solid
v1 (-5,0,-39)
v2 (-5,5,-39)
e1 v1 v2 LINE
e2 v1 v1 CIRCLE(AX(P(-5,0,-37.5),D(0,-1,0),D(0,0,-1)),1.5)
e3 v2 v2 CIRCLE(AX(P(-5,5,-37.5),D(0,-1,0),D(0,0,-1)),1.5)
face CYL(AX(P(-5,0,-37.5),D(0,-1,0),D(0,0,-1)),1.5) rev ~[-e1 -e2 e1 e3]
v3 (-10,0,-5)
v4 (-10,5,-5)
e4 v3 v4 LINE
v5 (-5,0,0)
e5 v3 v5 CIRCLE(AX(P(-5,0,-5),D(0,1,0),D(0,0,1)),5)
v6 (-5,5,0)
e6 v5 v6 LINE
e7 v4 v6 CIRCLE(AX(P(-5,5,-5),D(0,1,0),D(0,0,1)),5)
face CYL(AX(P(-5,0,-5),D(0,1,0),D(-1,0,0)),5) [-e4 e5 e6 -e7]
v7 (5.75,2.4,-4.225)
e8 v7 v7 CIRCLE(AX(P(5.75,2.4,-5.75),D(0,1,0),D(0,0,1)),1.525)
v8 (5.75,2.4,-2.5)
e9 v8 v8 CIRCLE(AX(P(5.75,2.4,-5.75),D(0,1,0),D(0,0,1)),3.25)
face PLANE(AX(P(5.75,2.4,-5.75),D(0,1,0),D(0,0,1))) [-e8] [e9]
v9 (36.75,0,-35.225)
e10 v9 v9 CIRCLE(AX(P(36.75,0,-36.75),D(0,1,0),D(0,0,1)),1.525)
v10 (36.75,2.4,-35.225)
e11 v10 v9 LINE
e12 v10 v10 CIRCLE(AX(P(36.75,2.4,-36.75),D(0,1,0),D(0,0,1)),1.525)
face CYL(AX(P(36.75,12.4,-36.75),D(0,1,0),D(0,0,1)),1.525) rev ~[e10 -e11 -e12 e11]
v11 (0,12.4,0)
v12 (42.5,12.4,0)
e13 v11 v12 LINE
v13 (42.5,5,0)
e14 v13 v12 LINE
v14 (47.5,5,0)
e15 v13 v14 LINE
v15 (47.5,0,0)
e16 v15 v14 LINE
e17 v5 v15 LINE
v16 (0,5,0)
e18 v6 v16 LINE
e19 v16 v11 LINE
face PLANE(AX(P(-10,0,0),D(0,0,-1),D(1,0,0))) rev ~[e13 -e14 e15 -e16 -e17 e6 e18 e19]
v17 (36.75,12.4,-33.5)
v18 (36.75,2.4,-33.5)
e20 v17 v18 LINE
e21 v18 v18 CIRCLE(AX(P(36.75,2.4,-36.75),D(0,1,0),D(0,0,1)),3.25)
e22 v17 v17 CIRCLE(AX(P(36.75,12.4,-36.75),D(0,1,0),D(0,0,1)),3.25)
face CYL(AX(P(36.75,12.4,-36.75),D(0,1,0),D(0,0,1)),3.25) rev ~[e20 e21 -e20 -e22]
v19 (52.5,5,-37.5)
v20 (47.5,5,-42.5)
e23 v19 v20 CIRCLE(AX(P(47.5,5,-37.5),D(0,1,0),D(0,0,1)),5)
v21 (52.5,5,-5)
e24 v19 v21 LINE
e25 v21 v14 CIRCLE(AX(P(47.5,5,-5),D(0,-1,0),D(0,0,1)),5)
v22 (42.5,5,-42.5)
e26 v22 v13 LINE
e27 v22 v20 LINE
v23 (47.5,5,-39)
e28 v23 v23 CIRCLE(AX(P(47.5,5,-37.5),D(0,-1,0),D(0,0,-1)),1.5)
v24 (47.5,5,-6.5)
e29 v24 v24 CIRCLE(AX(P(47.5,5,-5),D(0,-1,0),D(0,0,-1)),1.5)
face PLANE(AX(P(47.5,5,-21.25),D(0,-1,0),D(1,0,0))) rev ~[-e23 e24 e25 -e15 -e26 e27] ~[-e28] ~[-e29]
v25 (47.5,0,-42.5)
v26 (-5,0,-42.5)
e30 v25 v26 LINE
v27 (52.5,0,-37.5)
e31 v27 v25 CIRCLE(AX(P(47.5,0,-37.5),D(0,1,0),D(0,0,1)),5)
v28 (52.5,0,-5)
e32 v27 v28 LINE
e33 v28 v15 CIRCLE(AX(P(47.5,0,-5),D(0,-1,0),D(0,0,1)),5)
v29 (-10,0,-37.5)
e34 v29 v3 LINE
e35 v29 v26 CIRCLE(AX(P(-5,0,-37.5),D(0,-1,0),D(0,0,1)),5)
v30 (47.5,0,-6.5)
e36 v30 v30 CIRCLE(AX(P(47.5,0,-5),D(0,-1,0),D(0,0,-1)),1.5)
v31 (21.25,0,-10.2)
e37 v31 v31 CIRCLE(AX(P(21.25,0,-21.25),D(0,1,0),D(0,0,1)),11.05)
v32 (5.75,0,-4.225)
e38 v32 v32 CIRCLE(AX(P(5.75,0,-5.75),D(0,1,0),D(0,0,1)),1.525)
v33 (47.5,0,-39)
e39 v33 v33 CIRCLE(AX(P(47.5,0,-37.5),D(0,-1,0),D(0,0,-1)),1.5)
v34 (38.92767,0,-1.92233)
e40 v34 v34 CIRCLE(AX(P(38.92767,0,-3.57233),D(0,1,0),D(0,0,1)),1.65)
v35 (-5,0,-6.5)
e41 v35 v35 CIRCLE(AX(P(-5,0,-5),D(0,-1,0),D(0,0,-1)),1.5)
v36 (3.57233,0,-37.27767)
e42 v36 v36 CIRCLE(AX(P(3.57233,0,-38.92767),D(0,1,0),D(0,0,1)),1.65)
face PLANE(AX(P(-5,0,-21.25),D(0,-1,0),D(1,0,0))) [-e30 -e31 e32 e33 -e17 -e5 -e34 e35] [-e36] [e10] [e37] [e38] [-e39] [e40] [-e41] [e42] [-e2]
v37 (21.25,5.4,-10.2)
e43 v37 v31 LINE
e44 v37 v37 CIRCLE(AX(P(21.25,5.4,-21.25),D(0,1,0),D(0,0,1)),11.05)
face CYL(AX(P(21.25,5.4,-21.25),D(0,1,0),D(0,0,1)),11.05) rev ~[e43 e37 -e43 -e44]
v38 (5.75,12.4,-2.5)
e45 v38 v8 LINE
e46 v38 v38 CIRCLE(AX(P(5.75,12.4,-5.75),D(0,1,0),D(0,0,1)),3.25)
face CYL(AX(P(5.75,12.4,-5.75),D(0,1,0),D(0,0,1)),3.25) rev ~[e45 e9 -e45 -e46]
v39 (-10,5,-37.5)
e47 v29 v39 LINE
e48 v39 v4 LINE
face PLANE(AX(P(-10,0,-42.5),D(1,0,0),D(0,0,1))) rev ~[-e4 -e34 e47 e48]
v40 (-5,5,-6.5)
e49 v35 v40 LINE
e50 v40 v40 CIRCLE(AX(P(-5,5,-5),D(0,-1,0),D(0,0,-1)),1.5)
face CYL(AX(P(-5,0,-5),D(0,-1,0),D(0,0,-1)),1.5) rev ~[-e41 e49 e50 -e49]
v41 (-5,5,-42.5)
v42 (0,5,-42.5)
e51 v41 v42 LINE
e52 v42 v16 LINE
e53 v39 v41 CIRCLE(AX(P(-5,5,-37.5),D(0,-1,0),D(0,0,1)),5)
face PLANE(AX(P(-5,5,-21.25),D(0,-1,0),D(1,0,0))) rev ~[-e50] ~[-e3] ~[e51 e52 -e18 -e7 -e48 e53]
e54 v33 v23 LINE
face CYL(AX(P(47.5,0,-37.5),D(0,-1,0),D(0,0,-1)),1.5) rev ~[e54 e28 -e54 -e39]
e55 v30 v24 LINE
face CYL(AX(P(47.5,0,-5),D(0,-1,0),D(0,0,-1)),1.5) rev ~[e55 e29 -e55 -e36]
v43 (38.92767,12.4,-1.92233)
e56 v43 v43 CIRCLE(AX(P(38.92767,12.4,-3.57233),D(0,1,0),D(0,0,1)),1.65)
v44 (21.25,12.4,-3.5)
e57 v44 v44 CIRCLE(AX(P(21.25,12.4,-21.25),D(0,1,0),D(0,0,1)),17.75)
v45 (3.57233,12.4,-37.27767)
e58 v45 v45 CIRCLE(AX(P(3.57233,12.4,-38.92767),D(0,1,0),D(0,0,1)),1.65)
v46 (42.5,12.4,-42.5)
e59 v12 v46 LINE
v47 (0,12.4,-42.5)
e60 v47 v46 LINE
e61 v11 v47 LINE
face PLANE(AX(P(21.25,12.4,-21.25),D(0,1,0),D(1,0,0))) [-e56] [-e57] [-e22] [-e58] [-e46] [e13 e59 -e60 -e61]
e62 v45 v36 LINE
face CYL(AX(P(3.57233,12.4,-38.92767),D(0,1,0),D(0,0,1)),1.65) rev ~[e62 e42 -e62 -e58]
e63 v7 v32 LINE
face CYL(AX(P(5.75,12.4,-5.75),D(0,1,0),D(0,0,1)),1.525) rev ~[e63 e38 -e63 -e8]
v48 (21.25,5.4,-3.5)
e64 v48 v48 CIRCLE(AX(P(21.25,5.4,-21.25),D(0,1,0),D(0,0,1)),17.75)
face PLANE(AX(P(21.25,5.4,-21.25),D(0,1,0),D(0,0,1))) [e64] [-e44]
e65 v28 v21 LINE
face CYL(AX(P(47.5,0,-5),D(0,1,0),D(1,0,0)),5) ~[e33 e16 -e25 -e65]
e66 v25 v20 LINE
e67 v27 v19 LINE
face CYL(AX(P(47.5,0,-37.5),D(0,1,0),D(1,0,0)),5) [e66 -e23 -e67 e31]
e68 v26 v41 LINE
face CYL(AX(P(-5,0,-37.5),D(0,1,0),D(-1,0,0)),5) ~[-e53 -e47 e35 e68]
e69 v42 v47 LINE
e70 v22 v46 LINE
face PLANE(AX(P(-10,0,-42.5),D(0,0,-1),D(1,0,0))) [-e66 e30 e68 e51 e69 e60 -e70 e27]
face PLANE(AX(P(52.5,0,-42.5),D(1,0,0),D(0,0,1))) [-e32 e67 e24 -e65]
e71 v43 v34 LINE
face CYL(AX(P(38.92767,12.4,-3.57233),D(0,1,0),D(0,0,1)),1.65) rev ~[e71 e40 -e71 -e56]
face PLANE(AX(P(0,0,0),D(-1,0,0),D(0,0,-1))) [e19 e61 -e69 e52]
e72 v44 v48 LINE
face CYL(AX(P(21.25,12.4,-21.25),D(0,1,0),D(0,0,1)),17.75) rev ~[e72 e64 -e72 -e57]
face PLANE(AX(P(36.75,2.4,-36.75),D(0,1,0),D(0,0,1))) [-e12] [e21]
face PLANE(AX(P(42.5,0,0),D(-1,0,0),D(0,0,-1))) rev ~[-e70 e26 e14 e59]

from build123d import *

# Parameters (mm, degrees)
SKETCH_1_W          = 42.5
SKETCH_1_H          = 42.5
EXTRUDE_1_DEPTH     = 12.4
SKETCH_2_R          = 17.75
CUT_EXTRUDE_1_DEPTH = 7
SKETCH_3_R          = 11.05
CUT_EXTRUDE_2_DEPTH = 61.510329697
SKETCH_4_R          = 3.25
CUT_EXTRUDE_3_DEPTH = 10
SKETCH_4_3_R        = 1.65
SKETCH_4_3_R_2      = 1.525
CUT_EXTRUDE_4_DEPTH = 62.36986231
SKETCH_5_W          = 10
SKETCH_5_H          = 42.5
SKETCH_5_R          = 1.5
EXTRUDE_2_DEPTH     = 5
FILLET_1_R          = 5


with BuildPart() as part:
    # 草图1 → 凸台-拉伸1 (new body)
    with BuildSketch(Plane(origin=(0, 0, 0), x_dir=(1, 0, 0), z_dir=(0, 1, 0))):
        with Locations((21.25, 21.25)):
            Rectangle(SKETCH_1_W, SKETCH_1_H)
    extrude(amount=EXTRUDE_1_DEPTH)

    # 草图2 → 切除-拉伸1 (cut)
    with BuildSketch(Plane(origin=(0, 12.4, 0), x_dir=(1, 0, 0), z_dir=(0, 1, 0))):
        with Locations((21.25, 21.25)):
            Circle(SKETCH_2_R)
    extrude(amount=-CUT_EXTRUDE_1_DEPTH, mode=Mode.SUBTRACT)

    # 草图3 → 切除-拉伸2 (cut, through all)
    with BuildSketch(Plane(origin=(0, 5.4, 0), x_dir=(1, 0, 0), z_dir=(0, 1, 0))):
        with Locations((21.25, 21.25)):
            Circle(SKETCH_3_R)
    extrude(amount=-CUT_EXTRUDE_2_DEPTH, mode=Mode.SUBTRACT)

    # 草图4 → 切除-拉伸3 (cut)
    with BuildSketch(Plane(origin=(0, 12.4, 0), x_dir=(1, 0, 0), z_dir=(0, 1, 0))):
        with Locations((36.75, 36.75)):
            Circle(SKETCH_4_R)
        with Locations((5.75, 5.75)):
            Circle(SKETCH_4_R)
    extrude(amount=-CUT_EXTRUDE_3_DEPTH, mode=Mode.SUBTRACT)

    # 草图4<3> → 切除-拉伸4 (cut, through all)
    with BuildSketch(Plane(origin=(0, 12.4, 0), x_dir=(1, 0, 0), z_dir=(0, 1, 0))):
        with Locations((3.57233047, 38.92766953)):
            Circle(SKETCH_4_3_R)
        with Locations((38.92766953, 3.57233047)):
            Circle(SKETCH_4_3_R)
        with Locations((5.75, 5.75)):
            Circle(SKETCH_4_3_R_2)
        with Locations((36.75, 36.75)):
            Circle(SKETCH_4_3_R_2)
    extrude(amount=-CUT_EXTRUDE_4_DEPTH, mode=Mode.SUBTRACT)

    # 草图5 → 凸台-拉伸2 (add)
    # profile 1 of 2: a face of its own
    with BuildSketch(Plane.XZ):
        with Locations((-5, -21.25)):
            Rectangle(SKETCH_5_W, SKETCH_5_H)
        with Locations((-5, -5)):
            Circle(SKETCH_5_R, mode=Mode.SUBTRACT)
        with Locations((-5, -37.5)):
            Circle(SKETCH_5_R, mode=Mode.SUBTRACT)
    # profile 2 of 2: a face of its own
    with BuildSketch(Plane.XZ):
        with Locations((47.5, -21.25)):
            Rectangle(SKETCH_5_W, SKETCH_5_H)
        with Locations((47.5, -37.5)):
            Circle(SKETCH_5_R, mode=Mode.SUBTRACT)
        with Locations((47.5, -5)):
            Circle(SKETCH_5_R, mode=Mode.SUBTRACT)
    extrude(amount=-EXTRUDE_2_DEPTH)

    # 圆角1
    fillet_1_edges = [part.edges().sort_by_distance(p)[0] for p in [
        (-10, 2.5, 0),
        (52.5, 2.5, 0),
        (52.5, 2.5, -42.5),
        (-10, 2.5, -42.5),
    ]]
    fillet(fillet_1_edges, radius=FILLET_1_R)


solid = part.part
